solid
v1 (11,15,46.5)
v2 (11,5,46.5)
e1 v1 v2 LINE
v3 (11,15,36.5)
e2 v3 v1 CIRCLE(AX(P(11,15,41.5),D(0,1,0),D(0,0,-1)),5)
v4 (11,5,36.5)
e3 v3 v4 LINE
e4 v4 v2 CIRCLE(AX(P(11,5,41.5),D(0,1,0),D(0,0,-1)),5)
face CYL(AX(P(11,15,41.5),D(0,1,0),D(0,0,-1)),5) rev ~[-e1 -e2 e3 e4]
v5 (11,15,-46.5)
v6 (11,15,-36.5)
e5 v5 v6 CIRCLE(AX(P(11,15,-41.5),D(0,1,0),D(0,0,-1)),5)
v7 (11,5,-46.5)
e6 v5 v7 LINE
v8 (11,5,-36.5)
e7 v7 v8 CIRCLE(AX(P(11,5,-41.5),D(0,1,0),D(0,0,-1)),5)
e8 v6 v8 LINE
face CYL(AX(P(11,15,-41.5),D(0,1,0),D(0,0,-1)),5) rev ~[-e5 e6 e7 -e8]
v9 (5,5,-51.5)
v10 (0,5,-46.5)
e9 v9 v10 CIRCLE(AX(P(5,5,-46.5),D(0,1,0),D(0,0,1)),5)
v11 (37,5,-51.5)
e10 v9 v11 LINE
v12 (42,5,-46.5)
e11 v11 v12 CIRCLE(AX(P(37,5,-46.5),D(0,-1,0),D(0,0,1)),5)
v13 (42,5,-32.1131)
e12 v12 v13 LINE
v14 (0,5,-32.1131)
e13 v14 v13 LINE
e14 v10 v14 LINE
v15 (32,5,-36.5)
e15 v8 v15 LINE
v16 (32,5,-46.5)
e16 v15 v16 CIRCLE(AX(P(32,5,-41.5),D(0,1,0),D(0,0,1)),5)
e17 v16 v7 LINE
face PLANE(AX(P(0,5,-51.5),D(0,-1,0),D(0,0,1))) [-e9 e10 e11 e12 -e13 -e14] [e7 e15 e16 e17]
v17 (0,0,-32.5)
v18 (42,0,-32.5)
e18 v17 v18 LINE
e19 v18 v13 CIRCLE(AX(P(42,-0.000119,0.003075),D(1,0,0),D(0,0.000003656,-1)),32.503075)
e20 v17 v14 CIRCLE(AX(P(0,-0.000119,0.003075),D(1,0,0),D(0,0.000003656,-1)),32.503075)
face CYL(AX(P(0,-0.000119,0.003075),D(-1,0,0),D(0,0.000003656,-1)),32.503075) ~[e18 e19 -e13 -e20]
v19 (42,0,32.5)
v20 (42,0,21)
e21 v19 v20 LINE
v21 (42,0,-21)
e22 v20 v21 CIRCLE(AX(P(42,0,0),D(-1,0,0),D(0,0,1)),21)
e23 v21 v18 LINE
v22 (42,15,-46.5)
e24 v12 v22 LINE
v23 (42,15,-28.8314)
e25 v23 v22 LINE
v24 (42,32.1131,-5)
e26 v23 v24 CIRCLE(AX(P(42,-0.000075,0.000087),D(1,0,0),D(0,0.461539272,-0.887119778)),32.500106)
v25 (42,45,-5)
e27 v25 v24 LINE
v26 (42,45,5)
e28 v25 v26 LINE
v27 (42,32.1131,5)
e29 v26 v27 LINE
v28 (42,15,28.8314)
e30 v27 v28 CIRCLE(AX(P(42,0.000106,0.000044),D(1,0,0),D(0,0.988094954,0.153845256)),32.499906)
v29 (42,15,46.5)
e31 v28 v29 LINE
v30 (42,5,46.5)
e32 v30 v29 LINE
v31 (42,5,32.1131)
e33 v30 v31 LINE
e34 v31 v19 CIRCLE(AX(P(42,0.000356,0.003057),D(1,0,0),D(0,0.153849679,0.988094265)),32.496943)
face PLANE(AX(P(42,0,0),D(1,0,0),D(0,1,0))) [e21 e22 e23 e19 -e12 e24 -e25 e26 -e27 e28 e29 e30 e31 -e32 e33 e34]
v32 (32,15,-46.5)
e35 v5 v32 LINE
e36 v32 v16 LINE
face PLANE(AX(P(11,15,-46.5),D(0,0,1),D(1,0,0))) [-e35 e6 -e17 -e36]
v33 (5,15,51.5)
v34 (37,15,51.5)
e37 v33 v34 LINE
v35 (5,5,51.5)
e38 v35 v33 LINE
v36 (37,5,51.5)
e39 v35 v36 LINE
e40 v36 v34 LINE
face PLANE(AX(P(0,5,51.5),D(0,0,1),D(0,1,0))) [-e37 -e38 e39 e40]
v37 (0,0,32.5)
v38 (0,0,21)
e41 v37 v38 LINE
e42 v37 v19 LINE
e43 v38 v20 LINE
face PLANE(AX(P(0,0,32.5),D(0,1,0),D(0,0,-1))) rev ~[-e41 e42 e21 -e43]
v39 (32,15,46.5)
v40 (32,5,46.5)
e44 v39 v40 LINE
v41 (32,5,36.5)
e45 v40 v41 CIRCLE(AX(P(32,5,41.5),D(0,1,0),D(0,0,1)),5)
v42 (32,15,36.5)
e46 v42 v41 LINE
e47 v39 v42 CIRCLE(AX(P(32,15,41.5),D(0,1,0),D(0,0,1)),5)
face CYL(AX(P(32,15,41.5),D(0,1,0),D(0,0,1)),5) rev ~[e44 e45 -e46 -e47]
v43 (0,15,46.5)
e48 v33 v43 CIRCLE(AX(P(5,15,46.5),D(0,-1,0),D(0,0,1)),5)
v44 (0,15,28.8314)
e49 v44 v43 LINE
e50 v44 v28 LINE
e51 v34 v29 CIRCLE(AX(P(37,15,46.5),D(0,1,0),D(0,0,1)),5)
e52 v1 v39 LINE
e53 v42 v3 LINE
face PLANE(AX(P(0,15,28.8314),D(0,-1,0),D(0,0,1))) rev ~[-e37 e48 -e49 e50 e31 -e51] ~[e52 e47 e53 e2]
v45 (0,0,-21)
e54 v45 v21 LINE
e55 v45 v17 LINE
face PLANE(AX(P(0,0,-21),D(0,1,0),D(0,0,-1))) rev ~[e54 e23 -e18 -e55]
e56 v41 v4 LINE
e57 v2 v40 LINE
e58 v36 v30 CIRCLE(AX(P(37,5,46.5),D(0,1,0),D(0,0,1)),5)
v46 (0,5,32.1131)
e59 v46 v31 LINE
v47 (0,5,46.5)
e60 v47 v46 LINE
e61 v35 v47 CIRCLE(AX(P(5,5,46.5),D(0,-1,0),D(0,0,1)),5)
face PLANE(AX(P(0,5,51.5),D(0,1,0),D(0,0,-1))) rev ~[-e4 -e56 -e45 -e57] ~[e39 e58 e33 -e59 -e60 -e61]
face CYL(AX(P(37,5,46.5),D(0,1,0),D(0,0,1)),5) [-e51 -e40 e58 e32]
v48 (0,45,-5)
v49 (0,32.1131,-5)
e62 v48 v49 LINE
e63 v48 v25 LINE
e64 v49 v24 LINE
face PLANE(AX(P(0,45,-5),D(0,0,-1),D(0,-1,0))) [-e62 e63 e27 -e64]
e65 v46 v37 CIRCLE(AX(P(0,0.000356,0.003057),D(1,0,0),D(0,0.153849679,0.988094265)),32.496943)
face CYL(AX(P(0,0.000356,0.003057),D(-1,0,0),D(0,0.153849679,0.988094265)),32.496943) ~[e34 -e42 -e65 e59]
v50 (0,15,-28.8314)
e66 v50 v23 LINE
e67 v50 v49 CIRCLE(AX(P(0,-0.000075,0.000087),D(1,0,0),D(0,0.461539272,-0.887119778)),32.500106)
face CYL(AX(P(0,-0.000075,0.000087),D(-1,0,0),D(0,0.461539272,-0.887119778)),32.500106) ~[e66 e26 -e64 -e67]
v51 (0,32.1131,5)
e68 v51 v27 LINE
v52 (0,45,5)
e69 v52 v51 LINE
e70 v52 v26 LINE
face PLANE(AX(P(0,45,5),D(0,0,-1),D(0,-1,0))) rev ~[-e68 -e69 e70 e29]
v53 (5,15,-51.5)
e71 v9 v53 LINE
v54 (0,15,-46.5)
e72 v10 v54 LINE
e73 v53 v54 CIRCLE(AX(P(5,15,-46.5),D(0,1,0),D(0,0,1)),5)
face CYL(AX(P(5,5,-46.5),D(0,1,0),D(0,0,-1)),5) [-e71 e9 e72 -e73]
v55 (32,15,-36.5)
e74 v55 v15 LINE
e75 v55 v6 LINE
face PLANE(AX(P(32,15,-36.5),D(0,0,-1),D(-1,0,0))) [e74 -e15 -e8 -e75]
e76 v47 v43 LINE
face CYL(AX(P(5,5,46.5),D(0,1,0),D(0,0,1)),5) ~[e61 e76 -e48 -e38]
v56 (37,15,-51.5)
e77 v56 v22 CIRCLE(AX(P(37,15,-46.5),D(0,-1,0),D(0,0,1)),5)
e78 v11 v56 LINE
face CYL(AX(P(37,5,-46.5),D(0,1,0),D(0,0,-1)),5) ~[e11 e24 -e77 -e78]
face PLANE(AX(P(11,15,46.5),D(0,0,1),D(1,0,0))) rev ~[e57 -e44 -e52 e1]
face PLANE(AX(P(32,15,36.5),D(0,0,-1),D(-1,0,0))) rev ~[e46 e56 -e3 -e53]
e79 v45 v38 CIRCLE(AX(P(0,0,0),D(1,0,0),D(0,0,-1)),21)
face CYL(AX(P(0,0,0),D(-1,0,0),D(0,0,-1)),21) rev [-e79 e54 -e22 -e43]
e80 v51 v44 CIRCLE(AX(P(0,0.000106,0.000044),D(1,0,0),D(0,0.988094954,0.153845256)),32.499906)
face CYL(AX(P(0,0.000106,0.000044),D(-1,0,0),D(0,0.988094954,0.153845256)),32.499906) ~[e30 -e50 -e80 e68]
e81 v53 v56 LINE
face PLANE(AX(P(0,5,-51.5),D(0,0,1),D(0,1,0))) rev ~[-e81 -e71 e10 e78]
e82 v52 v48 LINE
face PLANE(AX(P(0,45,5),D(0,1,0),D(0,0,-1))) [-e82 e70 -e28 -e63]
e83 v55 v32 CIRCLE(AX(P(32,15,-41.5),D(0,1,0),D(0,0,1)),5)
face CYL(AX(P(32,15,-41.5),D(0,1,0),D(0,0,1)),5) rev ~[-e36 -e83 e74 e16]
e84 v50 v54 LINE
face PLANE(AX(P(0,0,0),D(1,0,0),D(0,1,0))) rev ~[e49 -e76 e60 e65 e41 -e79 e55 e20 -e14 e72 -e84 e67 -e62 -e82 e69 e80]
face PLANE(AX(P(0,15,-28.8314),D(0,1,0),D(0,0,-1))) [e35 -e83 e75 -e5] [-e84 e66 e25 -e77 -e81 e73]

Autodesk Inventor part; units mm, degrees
ref_plane "YZ Plane" through (0, 0, 0) normal (1, 0, 0) x (0, 1, 0)
ref_plane "XZ Plane" through (0, 0, 0) normal (0, 1, 0) x (-1, 0, 0)
ref_plane "XY Plane" through (0, 0, 0) normal (0, 0, 1) x (1, 0, 0)
sketch "草圖1" plane through (0, 0, 0) normal (1, 0, 0) x (0, 1, 0)
  arc A0 (0, -21) -> (0, 21) centre (0, 0) ccw
  line L0 (0, 33.7624) -> (0, -28.793) construction
  line L1 (0, -21) -> (0, -32.5)
  line L2 (15, -28.8314) -> (15, -51.5)
  line L3 (5, -51.5) -> (5, -32.1131)
  arc A1 (0, -32.5) -> (5, -32.1131) centre (0, 0) ccw
  line L4 (5, -51.5) -> (15, -51.5)
  line L5 (0, 0) -> (31.6672, 0)
  line L6 (45, -5) -> (32.1131, -5)
  line L7 (45, -5) -> (45, 0)
  arc A2 (15, -28.8314) -> (32.1131, -5) centre (0, 0) ccw
  line L8 (45, 5) -> (32.1131, 5)
  line L9 (45, 5) -> (45, 0)
  line L10 (15, 28.8314) -> (15, 51.5)
  line L11 (5, 51.5) -> (5, 32.1131)
  line L12 (5, 51.5) -> (15, 51.5)
  arc A3 (32.1131, 5) -> (15, 28.8314) centre (0, 0) ccw
  arc A4 (5, 32.1131) -> (0, 32.5) centre (0, 0) ccw
  line L13 (0, 32.5) -> (0, 21)
  dimension "d0" = 10
  dimension "d2" = 45
  dimension "d4" = 10
  dimension "d6" = 42
  dimension "d7" = 65
  dimension "d9" = 103
  dimension "d10" = 5
extrude "擠出1" add sketch "草圖1" along normal blind 42
fillet "圓角1" radius 5 4 edges at (42, 10, 51.5) (0, 10, 51.5) (42, 10, -51.5) (0, 10, -51.5)
sketch "草圖2" plane through (0, 15, 28.8314) normal (0, 1, 0) x (1, 0, 0)
  arc A0 (11, -7.6686) -> (11, -17.6686) centre (11, -12.6686) ccw
  arc A1 (32, -17.6686) -> (32, -7.6686) centre (32, -12.6686) ccw
  line L0 (32, -7.6686) -> (11, -7.6686)
  line L1 (11, -17.6686) -> (32, -17.6686)
  line L2 (42, 0) -> (42, -17.6686) projected
  line L3 (0, 28.8314) -> (45.6948, 28.8314)
  arc A2 (11, 75.3314) -> (11, 65.3314) centre (11, 70.3314) ccw
  arc A3 (32, 65.3314) -> (32, 75.3314) centre (32, 70.3314) ccw
  line L4 (32, 65.3314) -> (11, 65.3314)
  line L5 (11, 75.3314) -> (32, 75.3314)
  line L6 (5, -22.6686) -> (37, -22.6686) projected
  point P0 (42, 75.3314)
  dimension "d14" = 10
  dimension "d15" = 21
  dimension "d16" = 10
  dimension "d17" = 83
extrude "擠出2" cut sketch "草圖2" against normal blind 42
properties part number "練習一"
